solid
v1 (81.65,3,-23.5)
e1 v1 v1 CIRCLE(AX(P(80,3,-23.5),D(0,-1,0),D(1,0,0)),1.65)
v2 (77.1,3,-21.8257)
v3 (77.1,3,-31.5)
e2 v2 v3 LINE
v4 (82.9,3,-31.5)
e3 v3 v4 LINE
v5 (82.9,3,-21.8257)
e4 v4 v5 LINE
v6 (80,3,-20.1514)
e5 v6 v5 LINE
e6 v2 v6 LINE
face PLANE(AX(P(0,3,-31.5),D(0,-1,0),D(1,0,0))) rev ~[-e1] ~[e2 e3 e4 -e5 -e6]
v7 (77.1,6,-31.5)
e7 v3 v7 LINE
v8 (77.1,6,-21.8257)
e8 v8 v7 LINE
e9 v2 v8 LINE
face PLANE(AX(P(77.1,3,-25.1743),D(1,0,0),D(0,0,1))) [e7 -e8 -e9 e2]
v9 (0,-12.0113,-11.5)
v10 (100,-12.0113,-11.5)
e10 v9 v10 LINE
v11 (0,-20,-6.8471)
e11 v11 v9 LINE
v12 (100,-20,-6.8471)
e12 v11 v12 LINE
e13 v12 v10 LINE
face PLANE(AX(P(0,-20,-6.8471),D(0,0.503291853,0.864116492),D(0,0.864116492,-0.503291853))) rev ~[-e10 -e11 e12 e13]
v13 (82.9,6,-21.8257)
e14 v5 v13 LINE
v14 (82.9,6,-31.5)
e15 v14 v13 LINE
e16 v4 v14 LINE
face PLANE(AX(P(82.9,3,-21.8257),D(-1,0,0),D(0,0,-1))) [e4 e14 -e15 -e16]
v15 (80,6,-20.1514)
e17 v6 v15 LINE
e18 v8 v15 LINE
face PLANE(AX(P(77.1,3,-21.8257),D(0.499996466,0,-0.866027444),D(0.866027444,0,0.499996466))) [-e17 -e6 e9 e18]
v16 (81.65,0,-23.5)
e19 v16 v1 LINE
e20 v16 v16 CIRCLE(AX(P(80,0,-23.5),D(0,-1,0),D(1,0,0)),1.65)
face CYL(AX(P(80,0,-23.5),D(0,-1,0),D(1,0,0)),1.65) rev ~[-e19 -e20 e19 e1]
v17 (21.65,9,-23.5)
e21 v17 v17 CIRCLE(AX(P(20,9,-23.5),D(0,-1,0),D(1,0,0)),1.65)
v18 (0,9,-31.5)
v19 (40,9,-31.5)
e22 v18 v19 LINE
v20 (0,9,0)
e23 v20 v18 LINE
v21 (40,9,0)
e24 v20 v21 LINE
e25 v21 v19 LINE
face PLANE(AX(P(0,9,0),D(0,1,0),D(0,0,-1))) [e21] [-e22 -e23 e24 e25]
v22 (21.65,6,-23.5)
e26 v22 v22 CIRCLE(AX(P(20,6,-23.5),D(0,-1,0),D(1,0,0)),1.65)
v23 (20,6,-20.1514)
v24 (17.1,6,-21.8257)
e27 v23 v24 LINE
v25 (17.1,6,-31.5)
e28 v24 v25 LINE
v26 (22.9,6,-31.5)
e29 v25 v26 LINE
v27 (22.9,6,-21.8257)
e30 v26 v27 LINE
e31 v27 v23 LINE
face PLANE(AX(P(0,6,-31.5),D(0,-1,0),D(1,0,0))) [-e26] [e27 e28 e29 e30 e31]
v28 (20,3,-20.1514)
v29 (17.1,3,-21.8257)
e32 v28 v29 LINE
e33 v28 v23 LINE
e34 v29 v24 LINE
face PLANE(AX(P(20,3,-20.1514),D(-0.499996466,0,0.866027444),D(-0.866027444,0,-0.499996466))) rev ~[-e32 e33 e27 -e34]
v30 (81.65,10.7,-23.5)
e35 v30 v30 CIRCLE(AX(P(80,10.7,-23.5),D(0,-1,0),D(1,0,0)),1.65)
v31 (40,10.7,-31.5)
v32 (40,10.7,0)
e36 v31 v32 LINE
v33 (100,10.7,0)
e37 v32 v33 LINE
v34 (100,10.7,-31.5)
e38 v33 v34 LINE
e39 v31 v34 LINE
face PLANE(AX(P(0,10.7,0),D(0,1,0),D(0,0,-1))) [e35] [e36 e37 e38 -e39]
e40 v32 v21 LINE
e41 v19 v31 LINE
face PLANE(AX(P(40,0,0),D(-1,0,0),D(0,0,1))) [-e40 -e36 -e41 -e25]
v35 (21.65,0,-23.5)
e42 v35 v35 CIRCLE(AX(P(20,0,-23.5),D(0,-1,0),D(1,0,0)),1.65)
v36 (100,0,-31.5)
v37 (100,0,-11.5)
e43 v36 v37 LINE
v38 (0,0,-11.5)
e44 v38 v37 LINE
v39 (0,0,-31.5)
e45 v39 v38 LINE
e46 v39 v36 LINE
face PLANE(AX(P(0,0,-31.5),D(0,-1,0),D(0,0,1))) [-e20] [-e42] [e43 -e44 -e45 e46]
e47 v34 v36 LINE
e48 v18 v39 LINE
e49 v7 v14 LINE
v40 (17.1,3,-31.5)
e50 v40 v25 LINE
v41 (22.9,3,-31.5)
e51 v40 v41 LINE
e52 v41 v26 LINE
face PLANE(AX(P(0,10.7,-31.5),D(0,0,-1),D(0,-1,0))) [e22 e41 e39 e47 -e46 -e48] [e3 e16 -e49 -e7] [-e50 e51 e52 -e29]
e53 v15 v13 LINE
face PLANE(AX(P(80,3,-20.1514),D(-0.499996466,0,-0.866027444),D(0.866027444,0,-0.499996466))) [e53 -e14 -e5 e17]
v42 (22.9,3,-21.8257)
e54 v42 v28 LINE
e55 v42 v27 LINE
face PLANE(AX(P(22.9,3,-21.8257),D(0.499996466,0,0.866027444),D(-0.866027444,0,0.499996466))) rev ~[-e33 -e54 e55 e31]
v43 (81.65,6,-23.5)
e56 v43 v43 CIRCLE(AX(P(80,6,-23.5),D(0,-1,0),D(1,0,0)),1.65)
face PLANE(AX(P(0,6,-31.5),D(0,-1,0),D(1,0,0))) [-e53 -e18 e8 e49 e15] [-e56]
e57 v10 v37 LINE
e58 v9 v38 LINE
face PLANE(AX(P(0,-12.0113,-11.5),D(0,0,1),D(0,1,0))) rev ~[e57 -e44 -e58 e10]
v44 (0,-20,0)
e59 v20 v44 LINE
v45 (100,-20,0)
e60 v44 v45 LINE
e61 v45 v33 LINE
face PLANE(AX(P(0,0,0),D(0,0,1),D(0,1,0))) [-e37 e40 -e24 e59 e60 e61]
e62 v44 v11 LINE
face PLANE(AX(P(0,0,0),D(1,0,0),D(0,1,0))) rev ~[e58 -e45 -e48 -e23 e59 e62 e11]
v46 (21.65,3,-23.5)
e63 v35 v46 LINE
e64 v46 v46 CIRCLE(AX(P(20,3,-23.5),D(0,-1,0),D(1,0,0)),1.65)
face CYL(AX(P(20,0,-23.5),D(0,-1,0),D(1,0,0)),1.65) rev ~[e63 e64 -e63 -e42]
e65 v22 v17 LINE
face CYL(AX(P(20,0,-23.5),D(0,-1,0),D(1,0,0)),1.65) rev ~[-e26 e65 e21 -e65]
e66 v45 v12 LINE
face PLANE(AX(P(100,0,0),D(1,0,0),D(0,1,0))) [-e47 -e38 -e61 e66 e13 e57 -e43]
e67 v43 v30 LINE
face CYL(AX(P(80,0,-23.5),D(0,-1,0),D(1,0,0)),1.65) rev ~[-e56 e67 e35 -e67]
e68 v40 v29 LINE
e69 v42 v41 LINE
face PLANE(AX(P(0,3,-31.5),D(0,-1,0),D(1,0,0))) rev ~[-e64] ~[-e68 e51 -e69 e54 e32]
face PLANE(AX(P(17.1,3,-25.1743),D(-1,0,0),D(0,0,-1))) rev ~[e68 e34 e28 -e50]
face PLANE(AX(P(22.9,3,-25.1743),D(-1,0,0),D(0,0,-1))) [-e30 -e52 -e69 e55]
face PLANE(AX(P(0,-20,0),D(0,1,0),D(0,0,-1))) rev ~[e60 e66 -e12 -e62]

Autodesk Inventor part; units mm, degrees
ref_plane "YZ Plane" through (0, 0, 0) normal (1, 0, 0) x (0, 1, 0)
ref_plane "XZ Plane" through (0, 0, 0) normal (0, 1, 0) x (-1, 0, 0)
ref_plane "XY Plane" through (0, 0, 0) normal (0, 0, 1) x (1, 0, 0)
sketch "Sketch1" plane through (0, 0, 0) normal (1, 0, 0) x (0, 1, 0)
  line L0 (0, 0) -> (10.7, 0)
  line L1 (10.7, 0) -> (10.7, -31.5)
  line L2 (10.7, -31.5) -> (0, -31.5)
  line L3 (0, -31.5) -> (0, 0)
  line L4 (0, 0) -> (-20, 0)
  line L5 (-20, 0) -> (-20, -11.5)
  line L6 (-20, -11.5) -> (0, -11.5)
  line L7 (0, -11.5) -> (0, 0)
  line L8 (-20, -6.8471) -> (-12.0113, -11.5)
  dimension "d0" = 10.7
  dimension "d1" = 11.5
  dimension "d2" = 20
  dimension "d4" = 20
extrude "Extrusion1" add sketch "Sketch1" along normal blind 100 contours L0 L1 L2 L3 | L3 L6 L8 L5 L4
sketch "Sketch2" plane through (0, 0, 0) normal (-1, 0, 0) x (0, 0, 1)
  line L0 (0, -20) -> (-6.8471, -20) projected
  line L1 (0, 10.7) -> (0, -20) projected
  line L2 (-31.5, 10.7) -> (0, 10.7) projected
  line L3 (-31.5, 0) -> (-31.5, 10.7) projected
  line L4 (-11.5, 0) -> (-31.5, 0) projected
  line L5 (-11.5, -12.0113) -> (-11.5, 0) projected
  line L6 (-6.8471, -20) -> (-11.5, -12.0113) projected
  line L7 (-31.5, 10.7) -> (0, 10.7)
  line L8 (0, 10.7) -> (0, 9)
  line L9 (0, 9) -> (-31.5, 9)
  line L10 (-31.5, 9) -> (-31.5, 10.7)
  point P0 (0, 0)
  dimension "d7" = 1.7
extrude "Extrusion2" cut sketch "Sketch2" against normal blind 40 contours L9 L3 L2 L1
sketch "Sketch3" plane through (0, 0, -31.5) normal (0, -1, 0) x (1, 0, 0)
  line L0 (0, 20) -> (0, 0) projected
  line L1 (0, 0) -> (100, 0) projected
  line L2 (100, 20) -> (100, 0) projected
  line L3 (0, 20) -> (100, 20) projected
  circle A0 centre (80, 8) radius 1.65
  line L4 (50, 0) -> (50, 9.65)
  circle A1 centre (20, 8) radius 1.65
  point P0 (0, 31.5)
  dimension "d10" = 3.3
  dimension "d11" = 8
  dimension "d12" = 20
extrude "Extrusion3" cut sketch "Sketch3" against normal blind 40 contours A0 | A1
ref_plane "Work Plane1" through (0, 3, -31.5) normal (0, -1, 0) x (1, 0, 0)
sketch "Sketch4" plane through (0, 3, -31.5) normal (0, -1, 0) x (1, 0, 0)
  circle A0 centre (80, 8) radius 1.65 projected
  circle A1 centre (20, 8) radius 1.65 projected
  line L0 (80, 4.6514) -> (77.1, 6.3257)
  line L1 (77.1, 6.3257) -> (77.1, 9.6743)
  line L2 (77.1, 9.6743) -> (80, 11.3486)
  line L3 (80, 11.3486) -> (82.9, 9.6743)
  line L4 (82.9, 9.6743) -> (82.9, 6.3257)
  line L5 (82.9, 6.3257) -> (80, 4.6514)
  line L6 (82.9, 6.3257) -> (82.9, 0)
  line L7 (40, 0) -> (100, 0) projected
  line L8 (77.1, 6.3257) -> (77.1, 0)
  line L9 (82.9, 0) -> (77.1, 0)
  line L10 (0, 0) -> (100, 0) projected
  line L11 (50, 0) -> (50, 11.3486)
  circle A2 centre (20, 8) radius 1.65
  line L12 (20, 4.6514) -> (22.9, 6.3257)
  line L13 (22.9, 6.3257) -> (22.9, 9.6743)
  line L14 (22.9, 9.6743) -> (20, 11.3486)
  line L15 (20, 11.3486) -> (17.1, 9.6743)
  line L16 (17.1, 9.6743) -> (17.1, 6.3257)
  line L17 (17.1, 6.3257) -> (20, 4.6514)
  line L18 (17.1, 6.3257) -> (17.1, 0)
  line L19 (22.9, 6.3257) -> (22.9, 0)
  line L20 (17.1, 0) -> (22.9, 0)
  point P0 (0, 31.5)
  point P1 (17.1, 0)
  point P2 (22.9, 0)
  dimension "d16" = 5.8
extrude "Extrusion4" cut sketch "Sketch4" against normal blind 3 contours A0 | L5 L6 L7 L8 L0 | L0 L1 L2 L3 L4 L5 | L10 L18 L17 L12 L19 | L12 L17 L16 L15 L14 L13
properties part number "ESQUINA_RECTA_SUPERIOR" material "Steel, Mild, Welded"
